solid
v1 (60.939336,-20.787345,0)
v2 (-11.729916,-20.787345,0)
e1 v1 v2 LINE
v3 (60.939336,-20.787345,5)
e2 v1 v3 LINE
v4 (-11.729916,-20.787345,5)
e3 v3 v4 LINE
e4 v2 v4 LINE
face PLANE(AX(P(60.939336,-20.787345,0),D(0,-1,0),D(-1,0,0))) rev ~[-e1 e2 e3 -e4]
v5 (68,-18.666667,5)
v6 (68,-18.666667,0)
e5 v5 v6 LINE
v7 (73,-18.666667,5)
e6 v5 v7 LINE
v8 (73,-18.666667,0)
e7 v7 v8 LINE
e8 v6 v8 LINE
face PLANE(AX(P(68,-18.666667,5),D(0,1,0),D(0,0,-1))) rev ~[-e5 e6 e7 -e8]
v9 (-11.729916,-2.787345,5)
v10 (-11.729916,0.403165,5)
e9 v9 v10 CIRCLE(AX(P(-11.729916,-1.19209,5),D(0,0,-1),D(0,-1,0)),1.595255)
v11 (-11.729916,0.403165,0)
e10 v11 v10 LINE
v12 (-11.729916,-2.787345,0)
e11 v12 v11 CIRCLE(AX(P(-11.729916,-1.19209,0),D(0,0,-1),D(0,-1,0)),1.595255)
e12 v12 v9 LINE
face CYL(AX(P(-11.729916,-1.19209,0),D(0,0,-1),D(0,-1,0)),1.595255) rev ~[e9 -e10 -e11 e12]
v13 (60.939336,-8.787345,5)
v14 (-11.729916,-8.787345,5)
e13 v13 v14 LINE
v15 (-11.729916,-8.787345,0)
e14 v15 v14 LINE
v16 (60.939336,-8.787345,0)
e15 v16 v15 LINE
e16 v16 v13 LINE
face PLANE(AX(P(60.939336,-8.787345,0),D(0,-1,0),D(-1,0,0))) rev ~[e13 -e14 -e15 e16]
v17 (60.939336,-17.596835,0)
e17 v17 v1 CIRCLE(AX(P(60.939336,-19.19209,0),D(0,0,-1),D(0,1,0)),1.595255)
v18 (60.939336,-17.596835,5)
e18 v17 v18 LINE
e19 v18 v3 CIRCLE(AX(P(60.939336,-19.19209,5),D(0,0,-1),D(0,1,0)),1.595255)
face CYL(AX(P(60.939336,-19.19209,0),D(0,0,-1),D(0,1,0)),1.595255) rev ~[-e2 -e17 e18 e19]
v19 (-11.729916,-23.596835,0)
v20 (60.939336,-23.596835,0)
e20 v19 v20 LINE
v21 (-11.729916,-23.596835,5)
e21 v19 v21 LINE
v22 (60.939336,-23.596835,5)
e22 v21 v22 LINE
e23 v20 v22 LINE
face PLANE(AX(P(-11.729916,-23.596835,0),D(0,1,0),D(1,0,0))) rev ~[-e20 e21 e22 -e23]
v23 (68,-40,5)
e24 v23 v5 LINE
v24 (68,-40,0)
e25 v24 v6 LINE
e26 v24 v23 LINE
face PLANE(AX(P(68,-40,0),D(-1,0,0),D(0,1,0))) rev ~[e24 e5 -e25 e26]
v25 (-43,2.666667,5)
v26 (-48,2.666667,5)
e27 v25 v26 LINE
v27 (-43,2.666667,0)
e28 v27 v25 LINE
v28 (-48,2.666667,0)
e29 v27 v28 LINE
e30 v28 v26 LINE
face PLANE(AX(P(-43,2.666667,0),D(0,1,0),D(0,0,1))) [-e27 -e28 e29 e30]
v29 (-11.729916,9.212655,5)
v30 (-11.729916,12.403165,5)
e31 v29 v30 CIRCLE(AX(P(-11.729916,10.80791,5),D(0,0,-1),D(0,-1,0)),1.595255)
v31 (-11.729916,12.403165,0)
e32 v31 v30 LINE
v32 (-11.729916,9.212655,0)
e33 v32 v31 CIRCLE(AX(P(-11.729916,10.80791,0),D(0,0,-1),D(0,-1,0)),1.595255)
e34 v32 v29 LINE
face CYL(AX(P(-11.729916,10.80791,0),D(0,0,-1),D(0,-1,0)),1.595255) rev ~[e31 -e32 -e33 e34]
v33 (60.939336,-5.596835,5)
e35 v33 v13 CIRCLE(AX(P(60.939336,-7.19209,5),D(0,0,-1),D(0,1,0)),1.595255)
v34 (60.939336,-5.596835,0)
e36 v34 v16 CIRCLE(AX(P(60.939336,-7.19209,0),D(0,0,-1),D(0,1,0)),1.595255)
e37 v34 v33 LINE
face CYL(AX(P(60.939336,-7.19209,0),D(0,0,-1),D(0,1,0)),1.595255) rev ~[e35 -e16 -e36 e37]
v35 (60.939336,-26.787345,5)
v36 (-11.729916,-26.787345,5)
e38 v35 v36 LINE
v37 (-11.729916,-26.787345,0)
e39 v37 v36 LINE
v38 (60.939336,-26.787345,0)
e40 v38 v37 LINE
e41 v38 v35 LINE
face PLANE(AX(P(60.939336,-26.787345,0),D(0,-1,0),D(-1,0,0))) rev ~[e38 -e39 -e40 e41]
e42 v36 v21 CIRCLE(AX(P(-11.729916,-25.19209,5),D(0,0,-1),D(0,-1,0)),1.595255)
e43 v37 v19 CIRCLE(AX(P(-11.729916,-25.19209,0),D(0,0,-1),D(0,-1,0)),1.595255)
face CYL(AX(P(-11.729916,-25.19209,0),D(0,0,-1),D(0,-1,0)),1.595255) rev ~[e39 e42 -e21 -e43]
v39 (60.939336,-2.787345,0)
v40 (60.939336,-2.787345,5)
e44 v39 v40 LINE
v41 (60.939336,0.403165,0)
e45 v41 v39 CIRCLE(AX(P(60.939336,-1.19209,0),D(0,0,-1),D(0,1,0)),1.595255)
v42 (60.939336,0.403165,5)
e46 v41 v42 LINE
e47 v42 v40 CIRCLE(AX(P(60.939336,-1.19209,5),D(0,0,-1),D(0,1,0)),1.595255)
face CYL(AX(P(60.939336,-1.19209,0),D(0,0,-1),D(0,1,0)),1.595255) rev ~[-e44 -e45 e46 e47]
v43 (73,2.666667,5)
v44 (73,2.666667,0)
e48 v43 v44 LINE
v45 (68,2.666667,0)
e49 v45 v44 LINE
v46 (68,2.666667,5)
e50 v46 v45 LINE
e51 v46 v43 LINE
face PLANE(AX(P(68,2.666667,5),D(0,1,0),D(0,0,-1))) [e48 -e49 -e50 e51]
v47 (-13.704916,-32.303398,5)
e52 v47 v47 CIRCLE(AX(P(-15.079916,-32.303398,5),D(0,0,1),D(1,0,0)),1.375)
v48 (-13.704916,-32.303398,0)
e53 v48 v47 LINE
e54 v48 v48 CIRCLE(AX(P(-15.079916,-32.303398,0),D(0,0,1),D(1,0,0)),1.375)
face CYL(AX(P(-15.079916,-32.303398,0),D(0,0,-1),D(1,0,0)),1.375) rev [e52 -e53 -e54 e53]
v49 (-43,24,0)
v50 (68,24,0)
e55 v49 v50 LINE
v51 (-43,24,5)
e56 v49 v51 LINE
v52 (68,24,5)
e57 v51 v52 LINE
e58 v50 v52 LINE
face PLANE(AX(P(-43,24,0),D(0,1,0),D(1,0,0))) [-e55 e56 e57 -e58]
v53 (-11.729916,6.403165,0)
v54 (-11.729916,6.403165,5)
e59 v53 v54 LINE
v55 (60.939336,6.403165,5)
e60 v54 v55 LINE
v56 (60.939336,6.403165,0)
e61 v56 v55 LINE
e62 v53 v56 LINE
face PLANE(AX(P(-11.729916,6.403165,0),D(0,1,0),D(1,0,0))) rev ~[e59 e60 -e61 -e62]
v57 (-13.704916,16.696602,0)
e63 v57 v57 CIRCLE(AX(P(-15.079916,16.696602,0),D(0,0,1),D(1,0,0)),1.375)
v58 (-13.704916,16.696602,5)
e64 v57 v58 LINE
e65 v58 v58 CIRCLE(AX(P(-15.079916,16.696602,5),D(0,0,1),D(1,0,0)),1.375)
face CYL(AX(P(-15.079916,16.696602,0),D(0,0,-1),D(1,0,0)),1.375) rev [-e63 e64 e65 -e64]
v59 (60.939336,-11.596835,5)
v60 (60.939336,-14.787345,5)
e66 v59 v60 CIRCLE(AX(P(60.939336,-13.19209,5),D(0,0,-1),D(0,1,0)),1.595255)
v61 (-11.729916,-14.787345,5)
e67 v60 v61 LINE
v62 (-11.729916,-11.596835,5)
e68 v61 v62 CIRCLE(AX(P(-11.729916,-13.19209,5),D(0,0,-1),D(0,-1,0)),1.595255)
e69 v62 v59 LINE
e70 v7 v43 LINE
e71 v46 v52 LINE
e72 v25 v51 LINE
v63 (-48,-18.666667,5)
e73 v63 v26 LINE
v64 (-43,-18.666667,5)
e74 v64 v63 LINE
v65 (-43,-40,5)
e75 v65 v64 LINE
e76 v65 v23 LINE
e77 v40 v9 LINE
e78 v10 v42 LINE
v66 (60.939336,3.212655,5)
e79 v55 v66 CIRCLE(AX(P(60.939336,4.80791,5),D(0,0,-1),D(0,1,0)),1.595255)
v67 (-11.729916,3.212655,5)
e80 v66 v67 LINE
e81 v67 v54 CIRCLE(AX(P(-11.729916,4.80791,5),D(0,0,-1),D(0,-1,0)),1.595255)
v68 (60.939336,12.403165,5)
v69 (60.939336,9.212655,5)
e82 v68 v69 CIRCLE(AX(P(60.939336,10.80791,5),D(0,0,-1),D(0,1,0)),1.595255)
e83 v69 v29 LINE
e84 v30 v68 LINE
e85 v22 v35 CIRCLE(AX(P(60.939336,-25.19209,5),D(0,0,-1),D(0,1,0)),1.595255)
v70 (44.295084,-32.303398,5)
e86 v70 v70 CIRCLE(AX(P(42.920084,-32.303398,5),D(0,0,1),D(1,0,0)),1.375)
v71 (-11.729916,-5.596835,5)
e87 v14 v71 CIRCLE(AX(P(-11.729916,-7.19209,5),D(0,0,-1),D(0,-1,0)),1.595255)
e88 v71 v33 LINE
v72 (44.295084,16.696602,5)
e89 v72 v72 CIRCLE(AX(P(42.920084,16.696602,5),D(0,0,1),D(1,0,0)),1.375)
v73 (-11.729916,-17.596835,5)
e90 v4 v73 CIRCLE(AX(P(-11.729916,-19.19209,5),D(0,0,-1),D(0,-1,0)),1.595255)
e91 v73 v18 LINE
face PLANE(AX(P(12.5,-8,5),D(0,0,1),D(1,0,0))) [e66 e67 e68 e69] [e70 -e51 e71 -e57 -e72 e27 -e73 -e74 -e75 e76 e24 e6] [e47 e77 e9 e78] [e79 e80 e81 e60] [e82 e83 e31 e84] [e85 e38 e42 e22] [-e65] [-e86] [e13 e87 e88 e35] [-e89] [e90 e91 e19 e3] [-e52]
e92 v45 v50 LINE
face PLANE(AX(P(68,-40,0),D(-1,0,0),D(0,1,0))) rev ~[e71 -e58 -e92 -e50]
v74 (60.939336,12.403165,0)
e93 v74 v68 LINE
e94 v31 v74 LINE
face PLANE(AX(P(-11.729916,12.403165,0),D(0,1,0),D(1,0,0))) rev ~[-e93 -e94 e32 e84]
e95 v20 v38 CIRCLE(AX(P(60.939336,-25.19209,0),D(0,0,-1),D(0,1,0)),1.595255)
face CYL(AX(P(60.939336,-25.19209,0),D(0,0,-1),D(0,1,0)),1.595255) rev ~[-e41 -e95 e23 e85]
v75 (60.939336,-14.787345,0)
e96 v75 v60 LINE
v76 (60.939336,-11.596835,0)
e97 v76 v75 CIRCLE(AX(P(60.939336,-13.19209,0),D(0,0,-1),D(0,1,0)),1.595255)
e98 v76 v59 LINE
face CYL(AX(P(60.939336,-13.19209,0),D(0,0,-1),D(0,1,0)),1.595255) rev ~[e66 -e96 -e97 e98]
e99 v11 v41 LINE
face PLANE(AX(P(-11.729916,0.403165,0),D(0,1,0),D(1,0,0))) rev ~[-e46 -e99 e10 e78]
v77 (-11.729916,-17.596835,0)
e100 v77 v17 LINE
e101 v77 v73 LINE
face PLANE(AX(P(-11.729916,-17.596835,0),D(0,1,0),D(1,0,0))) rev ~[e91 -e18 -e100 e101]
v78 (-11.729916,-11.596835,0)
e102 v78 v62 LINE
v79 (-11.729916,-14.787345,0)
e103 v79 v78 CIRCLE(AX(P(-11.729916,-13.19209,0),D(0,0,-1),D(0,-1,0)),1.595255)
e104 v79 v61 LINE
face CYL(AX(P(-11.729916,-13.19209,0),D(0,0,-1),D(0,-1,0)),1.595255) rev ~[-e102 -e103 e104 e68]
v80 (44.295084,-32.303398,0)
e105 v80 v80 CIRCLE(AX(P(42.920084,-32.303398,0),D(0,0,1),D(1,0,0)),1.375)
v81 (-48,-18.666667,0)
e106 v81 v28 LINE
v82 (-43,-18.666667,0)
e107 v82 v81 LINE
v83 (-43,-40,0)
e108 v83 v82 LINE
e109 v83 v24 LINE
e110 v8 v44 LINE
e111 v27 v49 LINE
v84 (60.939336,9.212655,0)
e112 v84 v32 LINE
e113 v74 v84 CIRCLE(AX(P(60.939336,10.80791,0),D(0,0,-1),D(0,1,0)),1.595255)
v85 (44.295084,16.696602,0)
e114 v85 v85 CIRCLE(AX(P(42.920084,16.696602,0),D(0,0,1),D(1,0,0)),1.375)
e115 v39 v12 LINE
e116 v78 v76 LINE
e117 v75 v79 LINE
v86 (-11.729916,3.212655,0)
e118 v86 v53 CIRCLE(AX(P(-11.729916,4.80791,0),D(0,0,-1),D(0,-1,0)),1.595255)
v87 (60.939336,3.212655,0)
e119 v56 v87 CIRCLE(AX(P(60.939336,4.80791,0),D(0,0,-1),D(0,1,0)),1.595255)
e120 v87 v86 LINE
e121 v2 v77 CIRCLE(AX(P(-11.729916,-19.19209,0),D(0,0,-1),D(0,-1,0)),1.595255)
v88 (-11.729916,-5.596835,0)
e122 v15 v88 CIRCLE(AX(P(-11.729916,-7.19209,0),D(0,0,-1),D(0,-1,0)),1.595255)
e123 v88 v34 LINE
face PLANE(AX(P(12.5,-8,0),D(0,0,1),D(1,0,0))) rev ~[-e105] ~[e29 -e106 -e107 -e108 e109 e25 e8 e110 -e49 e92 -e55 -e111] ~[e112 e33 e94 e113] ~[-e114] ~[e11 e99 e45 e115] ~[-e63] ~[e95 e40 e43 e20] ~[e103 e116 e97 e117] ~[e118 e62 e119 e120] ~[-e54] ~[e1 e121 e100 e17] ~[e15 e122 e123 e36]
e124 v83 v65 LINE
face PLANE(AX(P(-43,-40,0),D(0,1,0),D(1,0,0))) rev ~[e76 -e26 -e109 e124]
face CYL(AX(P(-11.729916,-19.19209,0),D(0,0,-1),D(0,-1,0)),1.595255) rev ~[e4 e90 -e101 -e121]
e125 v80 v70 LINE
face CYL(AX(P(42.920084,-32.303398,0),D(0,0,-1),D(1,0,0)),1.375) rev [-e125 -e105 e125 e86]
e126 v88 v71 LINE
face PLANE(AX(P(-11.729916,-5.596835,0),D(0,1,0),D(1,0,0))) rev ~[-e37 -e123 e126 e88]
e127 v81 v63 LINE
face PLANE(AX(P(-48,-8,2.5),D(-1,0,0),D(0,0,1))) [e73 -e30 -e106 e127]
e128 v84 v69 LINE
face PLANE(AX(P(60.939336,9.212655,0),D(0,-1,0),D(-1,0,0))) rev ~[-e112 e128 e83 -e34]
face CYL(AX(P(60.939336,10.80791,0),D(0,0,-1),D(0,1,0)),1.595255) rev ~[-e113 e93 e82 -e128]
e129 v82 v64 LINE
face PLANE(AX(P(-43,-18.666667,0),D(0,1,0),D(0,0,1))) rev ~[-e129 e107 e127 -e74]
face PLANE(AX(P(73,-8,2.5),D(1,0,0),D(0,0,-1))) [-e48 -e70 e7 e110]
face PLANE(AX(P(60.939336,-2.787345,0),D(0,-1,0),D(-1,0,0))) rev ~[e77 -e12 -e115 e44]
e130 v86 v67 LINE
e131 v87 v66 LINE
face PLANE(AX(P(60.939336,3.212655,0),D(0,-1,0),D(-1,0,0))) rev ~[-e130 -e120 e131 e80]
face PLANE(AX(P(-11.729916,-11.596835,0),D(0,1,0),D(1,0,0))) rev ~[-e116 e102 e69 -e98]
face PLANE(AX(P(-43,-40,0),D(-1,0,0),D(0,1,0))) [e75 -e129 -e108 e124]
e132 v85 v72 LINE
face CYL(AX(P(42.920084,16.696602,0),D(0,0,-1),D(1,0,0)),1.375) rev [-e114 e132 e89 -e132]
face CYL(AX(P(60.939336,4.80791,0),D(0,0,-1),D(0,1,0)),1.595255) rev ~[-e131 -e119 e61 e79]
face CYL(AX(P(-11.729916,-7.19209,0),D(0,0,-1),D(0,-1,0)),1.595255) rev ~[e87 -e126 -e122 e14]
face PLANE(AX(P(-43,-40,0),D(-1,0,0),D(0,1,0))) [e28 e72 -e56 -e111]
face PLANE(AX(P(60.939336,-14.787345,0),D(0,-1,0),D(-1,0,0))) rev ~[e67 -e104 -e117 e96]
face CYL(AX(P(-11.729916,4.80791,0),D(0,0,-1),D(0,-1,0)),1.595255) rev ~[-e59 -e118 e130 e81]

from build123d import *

# Parameters (mm, degrees)
CROQUIS1_W              = 111
CROQUIS1_H              = 64
CROQUIS1_R              = 1.375
SALIENTE_EXTRUIR1_DEPTH = 5
CROQUIS2_W              = 5
CROQUIS2_H              = 21.333333334
SALIENTE_EXTRUIR2_DEPTH = 5
CROQUIS3_W              = 5
CROQUIS3_H              = 21.333333334
SALIENTE_EXTRUIR3_DEPTH = 5


with BuildPart() as part:
    # Croquis1 → Saliente-Extruir1 (new body)
    with BuildSketch(Plane.XY):
        with Locations((12.5, -8)):
            Rectangle(CROQUIS1_W, CROQUIS1_H)
        with Locations((42.920083817, -32.303397977)):
            Circle(CROQUIS1_R, mode=Mode.SUBTRACT)
        with Locations((42.920083817, 16.696602023)):
            Circle(CROQUIS1_R, mode=Mode.SUBTRACT)
        with Locations((-15.079916183, -32.303397977)):
            Circle(CROQUIS1_R, mode=Mode.SUBTRACT)
        with Locations((-15.079916183, 16.696602023)):
            Circle(CROQUIS1_R, mode=Mode.SUBTRACT)
        with BuildLine():
            Line((60.939336221, 9.212655439), (-11.729916183, 9.212655439))
            ThreePointArc((-11.729916183, 9.212655439), (-13.325171123, 10.807910378), (-11.729916183, 12.403165318))
            Line((-11.729916183, 12.403165318), (60.939336221, 12.403165318))
            ThreePointArc((60.939336221, 12.403165318), (62.53459116, 10.807910378), (60.939336221, 9.212655439))
        make_face(mode=Mode.SUBTRACT)
        with BuildLine():
            Line((60.939336221, 3.212655439), (-11.729916183, 3.212655439))
            ThreePointArc((-11.729916183, 3.212655439), (-13.325171123, 4.807910378), (-11.729916183, 6.403165318))
            Line((-11.729916183, 6.403165318), (60.939336221, 6.403165318))
            ThreePointArc((60.939336221, 6.403165318), (62.53459116, 4.807910378), (60.939336221, 3.212655439))
        make_face(mode=Mode.SUBTRACT)
        with BuildLine():
            Line((60.939336221, -2.787344561), (-11.729916183, -2.787344561))
            ThreePointArc((-11.729916183, -2.787344561), (-13.325171123, -1.192089622), (-11.729916183, 0.403165318))
            Line((-11.729916183, 0.403165318), (60.939336221, 0.403165318))
            ThreePointArc((60.939336221, 0.403165318), (62.53459116, -1.192089622), (60.939336221, -2.787344561))
        make_face(mode=Mode.SUBTRACT)
        with BuildLine():
            Line((60.939336221, -8.787344561), (-11.729916183, -8.787344561))
            ThreePointArc((-11.729916183, -8.787344561), (-13.325171123, -7.192089622), (-11.729916183, -5.596834682))
            Line((-11.729916183, -5.596834682), (60.939336221, -5.596834682))
            ThreePointArc((60.939336221, -5.596834682), (62.53459116, -7.192089622), (60.939336221, -8.787344561))
        make_face(mode=Mode.SUBTRACT)
        with BuildLine():
            Line((60.939336221, -14.787344561), (-11.729916183, -14.787344561))
            ThreePointArc((-11.729916183, -14.787344561), (-13.325171123, -13.192089622), (-11.729916183, -11.596834682))
            Line((-11.729916183, -11.596834682), (60.939336221, -11.596834682))
            ThreePointArc((60.939336221, -11.596834682), (62.53459116, -13.192089622), (60.939336221, -14.787344561))
        make_face(mode=Mode.SUBTRACT)
        with BuildLine():
            Line((60.939336221, -20.787344561), (-11.729916183, -20.787344561))
            ThreePointArc((-11.729916183, -20.787344561), (-13.325171123, -19.192089622), (-11.729916183, -17.596834682))
            Line((-11.729916183, -17.596834682), (60.939336221, -17.596834682))
            ThreePointArc((60.939336221, -17.596834682), (62.53459116, -19.192089622), (60.939336221, -20.787344561))
        make_face(mode=Mode.SUBTRACT)
        with BuildLine():
            Line((60.939336221, -26.787344561), (-11.729916183, -26.787344561))
            ThreePointArc((-11.729916183, -26.787344561), (-13.325171123, -25.192089622), (-11.729916183, -23.596834682))
            Line((-11.729916183, -23.596834682), (60.939336221, -23.596834682))
            ThreePointArc((60.939336221, -23.596834682), (62.53459116, -25.192089622), (60.939336221, -26.787344561))
        make_face(mode=Mode.SUBTRACT)
    extrude(amount=SALIENTE_EXTRUIR1_DEPTH)

    # Croquis2 → Saliente-Extruir2 (add)
    with BuildSketch(Plane(origin=(68, 0, 0), x_dir=(0, 0, -1), z_dir=(1, 0, 0))):
        with Locations((-2.5, -8)):
            Rectangle(CROQUIS2_W, CROQUIS2_H)
    extrude(amount=SALIENTE_EXTRUIR2_DEPTH)

    # Croquis3 → Saliente-Extruir3 (add)
    with BuildSketch(Plane.ZY.offset(43)):
        with Locations((2.5, -8)):
            Rectangle(CROQUIS3_W, CROQUIS3_H)
    extrude(amount=SALIENTE_EXTRUIR3_DEPTH)


solid = part.part
